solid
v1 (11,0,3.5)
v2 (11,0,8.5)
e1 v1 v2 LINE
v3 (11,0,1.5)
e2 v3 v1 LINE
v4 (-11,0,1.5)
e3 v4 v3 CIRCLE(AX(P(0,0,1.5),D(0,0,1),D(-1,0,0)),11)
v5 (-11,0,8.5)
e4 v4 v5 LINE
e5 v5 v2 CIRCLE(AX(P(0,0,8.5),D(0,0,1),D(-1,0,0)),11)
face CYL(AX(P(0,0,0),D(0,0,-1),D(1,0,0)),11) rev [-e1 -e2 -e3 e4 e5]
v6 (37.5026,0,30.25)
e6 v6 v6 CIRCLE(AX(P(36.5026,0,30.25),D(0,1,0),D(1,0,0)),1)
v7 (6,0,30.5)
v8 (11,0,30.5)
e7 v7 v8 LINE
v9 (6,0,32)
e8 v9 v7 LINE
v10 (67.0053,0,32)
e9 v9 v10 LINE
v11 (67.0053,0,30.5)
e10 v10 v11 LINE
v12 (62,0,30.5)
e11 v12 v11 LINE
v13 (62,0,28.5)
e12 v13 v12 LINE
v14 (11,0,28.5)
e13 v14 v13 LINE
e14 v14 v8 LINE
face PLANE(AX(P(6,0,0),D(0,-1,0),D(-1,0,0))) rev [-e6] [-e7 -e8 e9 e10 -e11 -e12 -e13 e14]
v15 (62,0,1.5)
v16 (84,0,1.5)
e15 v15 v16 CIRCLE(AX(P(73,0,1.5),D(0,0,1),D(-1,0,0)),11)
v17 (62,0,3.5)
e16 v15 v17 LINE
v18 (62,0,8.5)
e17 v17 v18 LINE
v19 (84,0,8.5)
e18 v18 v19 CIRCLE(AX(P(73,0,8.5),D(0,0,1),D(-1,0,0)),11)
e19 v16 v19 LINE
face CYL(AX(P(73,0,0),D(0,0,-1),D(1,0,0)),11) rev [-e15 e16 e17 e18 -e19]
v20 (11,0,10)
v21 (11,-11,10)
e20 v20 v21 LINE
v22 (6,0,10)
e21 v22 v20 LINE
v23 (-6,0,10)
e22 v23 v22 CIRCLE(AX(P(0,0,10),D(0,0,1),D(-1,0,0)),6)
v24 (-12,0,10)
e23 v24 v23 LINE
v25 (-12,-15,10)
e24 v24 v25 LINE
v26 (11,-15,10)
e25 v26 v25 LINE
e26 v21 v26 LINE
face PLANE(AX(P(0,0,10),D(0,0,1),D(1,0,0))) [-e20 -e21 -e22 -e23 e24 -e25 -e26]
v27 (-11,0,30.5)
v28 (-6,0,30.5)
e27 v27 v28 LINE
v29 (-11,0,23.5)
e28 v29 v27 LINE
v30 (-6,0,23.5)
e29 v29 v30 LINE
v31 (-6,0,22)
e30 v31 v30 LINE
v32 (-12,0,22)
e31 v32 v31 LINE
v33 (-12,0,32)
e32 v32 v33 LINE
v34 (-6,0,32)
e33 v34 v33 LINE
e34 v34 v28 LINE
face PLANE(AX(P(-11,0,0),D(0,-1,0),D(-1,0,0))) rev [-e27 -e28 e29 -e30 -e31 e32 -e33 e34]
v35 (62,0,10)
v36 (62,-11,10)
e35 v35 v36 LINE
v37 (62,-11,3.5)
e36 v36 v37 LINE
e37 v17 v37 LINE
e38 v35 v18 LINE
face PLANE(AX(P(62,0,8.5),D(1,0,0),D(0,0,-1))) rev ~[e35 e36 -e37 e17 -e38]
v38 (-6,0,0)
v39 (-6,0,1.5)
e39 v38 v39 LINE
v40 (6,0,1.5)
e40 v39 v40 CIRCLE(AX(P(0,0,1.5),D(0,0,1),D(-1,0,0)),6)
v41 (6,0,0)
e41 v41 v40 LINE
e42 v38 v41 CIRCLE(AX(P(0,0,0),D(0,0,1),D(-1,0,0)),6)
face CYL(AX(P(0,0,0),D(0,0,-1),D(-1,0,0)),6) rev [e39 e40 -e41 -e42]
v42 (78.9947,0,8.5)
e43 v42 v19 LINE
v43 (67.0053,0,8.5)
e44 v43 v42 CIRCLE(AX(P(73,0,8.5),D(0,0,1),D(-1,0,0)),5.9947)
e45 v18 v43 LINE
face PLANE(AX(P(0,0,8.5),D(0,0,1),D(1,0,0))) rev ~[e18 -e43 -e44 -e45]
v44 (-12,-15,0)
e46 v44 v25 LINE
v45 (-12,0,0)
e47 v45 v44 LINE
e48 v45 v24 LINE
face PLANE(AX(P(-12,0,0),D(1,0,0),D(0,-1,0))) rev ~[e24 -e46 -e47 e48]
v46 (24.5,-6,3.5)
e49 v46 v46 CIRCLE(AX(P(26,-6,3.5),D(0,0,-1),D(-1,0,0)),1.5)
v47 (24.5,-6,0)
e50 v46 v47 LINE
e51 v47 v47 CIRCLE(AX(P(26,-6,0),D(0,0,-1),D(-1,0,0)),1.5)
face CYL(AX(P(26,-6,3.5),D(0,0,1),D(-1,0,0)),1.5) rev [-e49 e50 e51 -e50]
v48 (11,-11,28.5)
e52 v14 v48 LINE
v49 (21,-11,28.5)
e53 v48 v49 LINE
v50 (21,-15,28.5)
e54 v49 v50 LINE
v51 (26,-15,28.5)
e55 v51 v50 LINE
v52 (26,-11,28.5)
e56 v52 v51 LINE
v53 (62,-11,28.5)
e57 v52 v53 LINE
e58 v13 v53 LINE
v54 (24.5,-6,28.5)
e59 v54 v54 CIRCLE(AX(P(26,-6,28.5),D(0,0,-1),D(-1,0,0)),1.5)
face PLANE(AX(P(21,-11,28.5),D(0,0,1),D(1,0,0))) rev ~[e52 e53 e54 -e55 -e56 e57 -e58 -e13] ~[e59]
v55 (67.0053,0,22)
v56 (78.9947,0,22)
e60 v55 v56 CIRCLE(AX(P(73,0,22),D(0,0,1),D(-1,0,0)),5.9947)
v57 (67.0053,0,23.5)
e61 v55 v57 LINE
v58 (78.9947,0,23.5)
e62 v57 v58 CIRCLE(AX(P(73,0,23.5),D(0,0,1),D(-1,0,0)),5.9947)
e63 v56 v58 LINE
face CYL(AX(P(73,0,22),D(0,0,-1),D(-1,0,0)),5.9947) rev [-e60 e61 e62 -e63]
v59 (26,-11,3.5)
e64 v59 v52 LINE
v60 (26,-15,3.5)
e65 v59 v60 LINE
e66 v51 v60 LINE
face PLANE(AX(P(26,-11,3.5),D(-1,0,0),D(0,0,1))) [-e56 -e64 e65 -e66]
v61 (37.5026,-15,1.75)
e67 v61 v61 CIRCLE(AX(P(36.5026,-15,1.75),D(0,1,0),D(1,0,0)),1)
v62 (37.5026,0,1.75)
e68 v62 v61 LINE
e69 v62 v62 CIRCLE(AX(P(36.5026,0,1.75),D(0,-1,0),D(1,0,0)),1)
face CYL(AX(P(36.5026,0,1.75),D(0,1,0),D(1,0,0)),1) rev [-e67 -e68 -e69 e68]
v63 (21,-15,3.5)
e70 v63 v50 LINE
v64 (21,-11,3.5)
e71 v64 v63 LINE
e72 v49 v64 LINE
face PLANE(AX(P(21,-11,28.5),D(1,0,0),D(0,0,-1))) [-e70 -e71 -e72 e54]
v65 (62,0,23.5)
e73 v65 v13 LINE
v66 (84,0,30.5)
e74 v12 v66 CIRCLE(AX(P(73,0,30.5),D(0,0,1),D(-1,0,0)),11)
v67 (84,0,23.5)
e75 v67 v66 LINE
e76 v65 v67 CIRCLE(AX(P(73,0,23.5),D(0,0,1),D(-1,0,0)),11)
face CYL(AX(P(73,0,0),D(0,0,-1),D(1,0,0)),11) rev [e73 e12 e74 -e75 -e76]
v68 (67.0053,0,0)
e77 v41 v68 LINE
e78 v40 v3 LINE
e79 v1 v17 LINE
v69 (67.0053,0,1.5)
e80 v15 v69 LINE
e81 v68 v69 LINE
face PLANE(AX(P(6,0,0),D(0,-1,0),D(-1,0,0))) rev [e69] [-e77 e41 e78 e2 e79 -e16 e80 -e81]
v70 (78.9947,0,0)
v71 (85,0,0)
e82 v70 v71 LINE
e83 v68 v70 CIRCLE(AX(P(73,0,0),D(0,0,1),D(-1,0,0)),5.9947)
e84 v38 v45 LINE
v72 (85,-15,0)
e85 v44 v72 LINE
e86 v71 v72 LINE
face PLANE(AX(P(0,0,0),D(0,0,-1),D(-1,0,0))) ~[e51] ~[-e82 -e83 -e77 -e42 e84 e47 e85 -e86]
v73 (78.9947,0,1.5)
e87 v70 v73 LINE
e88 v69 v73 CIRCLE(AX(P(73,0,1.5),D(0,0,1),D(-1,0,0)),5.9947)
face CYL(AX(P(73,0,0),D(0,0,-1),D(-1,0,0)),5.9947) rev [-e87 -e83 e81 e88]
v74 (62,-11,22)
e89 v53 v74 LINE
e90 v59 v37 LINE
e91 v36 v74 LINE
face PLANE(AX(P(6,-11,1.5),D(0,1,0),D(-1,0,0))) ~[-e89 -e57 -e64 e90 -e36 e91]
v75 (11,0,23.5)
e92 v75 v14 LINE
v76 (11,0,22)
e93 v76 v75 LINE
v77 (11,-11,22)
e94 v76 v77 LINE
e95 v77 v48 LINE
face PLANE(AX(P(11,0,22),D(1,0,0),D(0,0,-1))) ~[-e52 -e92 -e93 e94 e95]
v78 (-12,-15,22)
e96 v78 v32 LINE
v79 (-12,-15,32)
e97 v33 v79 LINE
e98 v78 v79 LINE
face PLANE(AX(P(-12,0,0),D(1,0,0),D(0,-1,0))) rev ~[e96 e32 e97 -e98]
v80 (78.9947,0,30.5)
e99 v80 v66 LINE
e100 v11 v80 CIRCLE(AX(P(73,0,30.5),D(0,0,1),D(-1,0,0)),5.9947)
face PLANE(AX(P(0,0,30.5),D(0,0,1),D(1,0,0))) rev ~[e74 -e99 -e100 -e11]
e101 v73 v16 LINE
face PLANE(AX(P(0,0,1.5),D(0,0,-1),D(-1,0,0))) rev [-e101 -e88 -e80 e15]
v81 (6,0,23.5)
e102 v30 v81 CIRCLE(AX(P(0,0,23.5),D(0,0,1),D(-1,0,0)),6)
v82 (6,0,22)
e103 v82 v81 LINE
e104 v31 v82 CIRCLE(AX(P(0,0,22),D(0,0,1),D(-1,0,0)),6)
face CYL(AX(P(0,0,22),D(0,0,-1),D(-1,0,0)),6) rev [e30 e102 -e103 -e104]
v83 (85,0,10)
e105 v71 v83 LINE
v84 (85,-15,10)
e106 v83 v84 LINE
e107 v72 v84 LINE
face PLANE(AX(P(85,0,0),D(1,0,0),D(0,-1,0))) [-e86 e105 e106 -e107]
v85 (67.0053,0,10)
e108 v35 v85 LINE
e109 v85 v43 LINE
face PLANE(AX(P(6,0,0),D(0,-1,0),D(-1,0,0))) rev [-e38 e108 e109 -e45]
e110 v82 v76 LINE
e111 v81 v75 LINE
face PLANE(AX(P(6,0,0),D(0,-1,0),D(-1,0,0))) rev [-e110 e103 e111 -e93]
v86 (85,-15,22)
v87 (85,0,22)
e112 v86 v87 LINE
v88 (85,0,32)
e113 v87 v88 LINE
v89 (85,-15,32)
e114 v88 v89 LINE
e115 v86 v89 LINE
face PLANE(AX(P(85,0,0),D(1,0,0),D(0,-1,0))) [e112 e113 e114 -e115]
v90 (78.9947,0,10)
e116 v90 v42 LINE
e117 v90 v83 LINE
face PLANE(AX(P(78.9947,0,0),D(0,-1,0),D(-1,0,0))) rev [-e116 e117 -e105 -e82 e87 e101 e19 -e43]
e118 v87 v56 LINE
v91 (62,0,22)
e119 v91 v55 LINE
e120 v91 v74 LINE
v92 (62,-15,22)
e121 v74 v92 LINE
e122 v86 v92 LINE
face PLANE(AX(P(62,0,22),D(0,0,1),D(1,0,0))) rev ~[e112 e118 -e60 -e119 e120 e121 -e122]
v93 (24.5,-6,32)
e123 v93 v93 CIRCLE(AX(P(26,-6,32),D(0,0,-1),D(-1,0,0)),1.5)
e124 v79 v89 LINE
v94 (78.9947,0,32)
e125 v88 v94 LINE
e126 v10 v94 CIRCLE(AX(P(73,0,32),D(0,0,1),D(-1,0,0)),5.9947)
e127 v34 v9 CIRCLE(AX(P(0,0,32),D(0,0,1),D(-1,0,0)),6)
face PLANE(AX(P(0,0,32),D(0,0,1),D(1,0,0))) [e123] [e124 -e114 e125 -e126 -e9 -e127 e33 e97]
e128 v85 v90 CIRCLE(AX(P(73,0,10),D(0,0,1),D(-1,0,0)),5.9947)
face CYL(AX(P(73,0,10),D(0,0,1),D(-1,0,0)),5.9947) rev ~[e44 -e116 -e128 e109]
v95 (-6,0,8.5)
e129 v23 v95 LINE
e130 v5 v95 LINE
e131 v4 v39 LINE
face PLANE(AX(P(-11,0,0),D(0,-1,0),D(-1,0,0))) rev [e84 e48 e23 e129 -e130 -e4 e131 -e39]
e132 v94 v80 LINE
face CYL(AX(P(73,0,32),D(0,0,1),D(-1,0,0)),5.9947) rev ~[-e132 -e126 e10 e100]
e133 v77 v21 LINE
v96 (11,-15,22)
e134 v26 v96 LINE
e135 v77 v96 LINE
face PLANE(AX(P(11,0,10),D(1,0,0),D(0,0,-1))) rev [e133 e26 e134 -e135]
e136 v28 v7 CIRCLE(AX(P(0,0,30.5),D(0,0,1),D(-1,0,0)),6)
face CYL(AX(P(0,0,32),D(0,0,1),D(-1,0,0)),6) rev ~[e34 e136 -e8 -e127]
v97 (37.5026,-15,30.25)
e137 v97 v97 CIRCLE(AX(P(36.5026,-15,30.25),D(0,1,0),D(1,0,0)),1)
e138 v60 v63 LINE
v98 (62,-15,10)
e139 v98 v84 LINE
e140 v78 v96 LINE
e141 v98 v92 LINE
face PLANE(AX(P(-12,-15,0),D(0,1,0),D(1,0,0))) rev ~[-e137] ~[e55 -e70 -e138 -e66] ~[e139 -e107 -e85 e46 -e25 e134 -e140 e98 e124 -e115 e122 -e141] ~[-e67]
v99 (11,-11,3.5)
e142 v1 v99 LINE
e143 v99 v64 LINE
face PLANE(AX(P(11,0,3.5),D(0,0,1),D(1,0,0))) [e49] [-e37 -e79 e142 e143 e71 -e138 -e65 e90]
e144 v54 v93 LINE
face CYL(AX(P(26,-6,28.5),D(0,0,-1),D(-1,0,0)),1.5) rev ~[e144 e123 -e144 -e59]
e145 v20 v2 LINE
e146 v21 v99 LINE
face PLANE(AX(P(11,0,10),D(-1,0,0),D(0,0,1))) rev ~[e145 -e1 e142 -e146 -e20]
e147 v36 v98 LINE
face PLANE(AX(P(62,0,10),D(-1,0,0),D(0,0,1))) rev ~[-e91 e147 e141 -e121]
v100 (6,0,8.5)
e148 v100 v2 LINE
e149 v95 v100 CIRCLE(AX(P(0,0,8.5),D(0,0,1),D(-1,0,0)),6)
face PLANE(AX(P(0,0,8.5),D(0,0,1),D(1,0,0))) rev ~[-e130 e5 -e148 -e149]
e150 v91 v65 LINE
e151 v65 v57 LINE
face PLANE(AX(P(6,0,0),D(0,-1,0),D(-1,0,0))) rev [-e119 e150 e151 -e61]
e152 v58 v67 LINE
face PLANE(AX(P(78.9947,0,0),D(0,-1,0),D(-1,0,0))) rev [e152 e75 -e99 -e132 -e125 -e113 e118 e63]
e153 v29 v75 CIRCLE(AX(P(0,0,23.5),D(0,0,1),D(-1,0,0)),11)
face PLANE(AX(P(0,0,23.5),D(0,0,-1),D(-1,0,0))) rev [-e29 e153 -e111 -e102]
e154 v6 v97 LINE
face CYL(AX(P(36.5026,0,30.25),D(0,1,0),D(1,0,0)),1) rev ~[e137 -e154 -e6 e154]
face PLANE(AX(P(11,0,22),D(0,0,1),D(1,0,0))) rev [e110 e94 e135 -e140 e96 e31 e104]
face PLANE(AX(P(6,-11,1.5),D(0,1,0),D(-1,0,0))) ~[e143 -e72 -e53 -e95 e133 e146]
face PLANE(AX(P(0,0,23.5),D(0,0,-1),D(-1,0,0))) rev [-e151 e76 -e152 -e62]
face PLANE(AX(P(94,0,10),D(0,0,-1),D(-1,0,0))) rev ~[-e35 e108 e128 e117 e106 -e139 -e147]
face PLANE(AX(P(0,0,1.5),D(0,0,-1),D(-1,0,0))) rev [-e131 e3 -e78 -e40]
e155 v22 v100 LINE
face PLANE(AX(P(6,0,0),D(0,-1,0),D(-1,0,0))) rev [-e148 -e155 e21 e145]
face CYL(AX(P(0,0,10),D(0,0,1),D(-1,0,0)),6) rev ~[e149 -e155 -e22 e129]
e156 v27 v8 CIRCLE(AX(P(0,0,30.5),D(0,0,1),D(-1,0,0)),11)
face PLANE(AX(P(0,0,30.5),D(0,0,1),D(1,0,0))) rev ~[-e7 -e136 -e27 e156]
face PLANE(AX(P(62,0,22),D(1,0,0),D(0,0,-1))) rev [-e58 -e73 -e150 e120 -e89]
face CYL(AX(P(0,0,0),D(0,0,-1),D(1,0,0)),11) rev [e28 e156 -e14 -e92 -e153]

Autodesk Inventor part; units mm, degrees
sketch "Эскиз1" plane through (0, 0, 0) normal (0, 0, 1) x (1, 0, 0)
  circle A0 centre (0, 0) radius 4
  circle A1 centre (0, 0) radius 11
  line L0 (-11, 0) -> (-12, 0)
  line L1 (-12, 0) -> (-12, -15)
  circle A2 centre (73, 0) radius 4
  circle A3 centre (73, 0) radius 11
  line L2 (84, 0) -> (85, 0)
  line L3 (85, 0) -> (85, -15)
  line L4 (-12, -15) -> (85, -15)
  line L5 (11, 0) -> (62, 0)
  dimension "d0" = 8
  dimension "d1" = 22
  dimension "d2" = 1
  dimension "d6" = 15
  dimension "d92" = 73
  dimension "d93" = 51
extrude "Выдавливание1" add sketch "Эскиз1" along normal blind 32 contours L5 A3 L2 L3 L4 L1 L0 A1
sketch "Эскиз2" plane through (0, 0, 32) normal (0, 0, 1) x (1, 0, 0)
  arc A0 (-11, 0) -> (11, 0) centre (0, 0) ccw
  line L0 (62, 0) -> (11, 0) projected
  arc A1 (-11, 0) -> (11, 0) centre (0, 0) ccw projected
  line L1 (11, 0) -> (11, 0)
  arc A2 (-6, 0) -> (6, 0) centre (0, 0) ccw
  line L2 (-11, 0) -> (-6, 0)
  line L3 (6, 0) -> (11, 0)
  dimension "d14" = 12
extrude "Выдавливание2" add sketch "Эскиз2" against normal blind 1.5
sketch "Эскиз3" plane through (0, 0, 32) normal (0, 0, 1) x (1, 0, 0)
  arc A0 (62, 0) -> (84, 0) centre (73, 0) ccw projected
  line L0 (85, 0) -> (84, 0) projected
  line L1 (84, 0) -> (84, 0)
  arc A1 (62, 0) -> (84, 0) centre (73, 0) ccw
  arc A2 (67.0053, 0) -> (78.9947, 0) centre (73, 0) ccw
  line L2 (62, 0) -> (11, 0) projected
  line L3 (62, 0) -> (67.0053, 0)
  line L4 (78.9947, 0) -> (84, 0)
  point P0 (0, 0)
extrude "Выдавливание3" add sketch "Эскиз3" against normal blind 1.5
ref_plane "РабПлоскость5" through (0, 0, 16) normal (0, 0, -1) x (-1, 0, 0)
mirror "Зеркальное отражение7" about plane through (0, 0, 16) normal (0, 0, -1) of "Выдавливание3"
mirror "Зеркальное отражение8" about plane through (0, 0, 16) normal (0, 0, -1) of "Выдавливание2"
ref_plane "РабПлоскость10" through (0, 0, 27) normal (0, 0, 1) x (1, 0, 0)
mirror "Зеркальное отражение9" about plane through (0, 0, 27) normal (0, 0, 1) of "Выдавливание2"
mirror "Зеркальное отражение10" about plane through (0, 0, 27) normal (0, 0, 1) of "Выдавливание3"
ref_plane "РабПлоскость11" through (0, 0, 5) normal (0, 0, -1) x (-1, 0, 0)
mirror "Зеркальное отражение11" about plane through (0, 0, 5) normal (0, 0, -1) of "Зеркальное отражение8"
mirror "Зеркальное отражение12" about plane through (0, 0, 5) normal (0, 0, -1) of "Зеркальное отражение7"
sketch "Эскиз14" plane through (6, 0, 30.5) normal (0, 1, 0) x (1, 0, 0)
  line L0 (5, 20.5) -> (5, 8.5) projected
  line L1 (5, 14.5) -> (56, 14.5)
  line L2 (56, 20.5) -> (56, 8.5) projected
  line L3 (56, 14.5) -> (56, 27)
  line L4 (56, 29) -> (56, 22) projected
  line L5 (5, 14.5) -> (5, 27)
  line L6 (5, 29) -> (5, 22) projected
  line L7 (5, 27) -> (56, 27)
  dimension "d94" = 12.5
extrude "Выдавливание11" cut sketch "Эскиз14" against normal blind 11
ref_plane "РабПлоскость14" through (36.5, -15, 0) normal (-1, 0, 0) x (0, 0, 1)
sketch "Эскиз15" plane through (85, 0, 32) normal (0, 1, 0) x (1, 0, 0)
  line L0 (-23, 16) -> (-23, 10) projected
  line L1 (-23, 10) -> (9, 10)
  line L2 (9, 10) -> (9, 22)
  line L3 (9, 22) -> (-23, 22)
  line L4 (-23, 22) -> (-23, 10)
  point P0 (-85, 32)
  dimension "d95" = 12
  dimension "d96" = 32
extrude "Выдавливание12" cut sketch "Эскиз15" against normal up to next
mirror "Зеркальное отражение15" about plane through (36.5, -15, 0) normal (-1, 0, 0) of "Выдавливание12"
sketch "Эскиз16" plane through (6, 0, 30.5) normal (0, 1, 0) x (1, 0, 0)
  line L0 (79, 8.5) -> (79, -1.5) projected
  line L1 (-18, 30.5) -> (-18, -1.5) projected
  line L2 (61.0053, -1.5) -> (0, -1.5) projected
  line L3 (30.5026, -1.5) -> (30.5026, 0.25)
  circle A0 centre (30.5026, 0.25) radius 1
  point P0 (-6, 30.5)
  point P1 (-18, 8.5)
  dimension "d86" = 1.75
  dimension "d87" = 2
extrude "Выдавливание13" cut sketch "Эскиз16" against normal up to next
mirror "Зеркальное отражение16" about plane through (0, 0, 16) normal (0, 0, -1) of "Выдавливание13"
mirror "Зеркальное отражение17" about plane through (0, 0, 16) normal (0, 0, -1) of "Выдавливание11"
sketch "Эскиз19" plane through (62, 0, 28.5) normal (0, 0, -1) x (-1, 0, 0)
  circle A0 centre (36, -6) radius 1.5
  line L0 (51, -11) -> (0, -11) projected
  line L1 (51, 0) -> (51, -11) projected
  point P0 (62, 0)
  dimension "d103" = 3
  dimension "d104" = 5
  dimension "d105" = 15
extrude "Выдавливание15" cut sketch "Эскиз19" against normal up to next
mirror "Зеркальное отражение18" about plane through (0, 0, 16) normal (0, 0, -1) of "Выдавливание15"
sketch "Эскиз20" plane through (6, -11, 30.5) normal (0, 1, 0) x (1, 0, 0)
  line L0 (5, 27) -> (56, 27) projected
  line L1 (5, 2) -> (56, 2) projected
  line L2 (5, 8.5) -> (5, 20.5) projected
  line L3 (5, 27) -> (56, 27) projected
  line L4 (56, 2) -> (5, 2) projected
  line L5 (15, 27) -> (20, 27)
  line L6 (20, 27) -> (20, 2)
  line L7 (20, 2) -> (15, 2)
  line L8 (15, 2) -> (15, 27)
  point P0 (-6, 30.5)
  dimension "d119" = 5
  dimension "d120" = 15
extrude "Выдавливание17" cut sketch "Эскиз20" against normal up to next
properties part number "Водило"
